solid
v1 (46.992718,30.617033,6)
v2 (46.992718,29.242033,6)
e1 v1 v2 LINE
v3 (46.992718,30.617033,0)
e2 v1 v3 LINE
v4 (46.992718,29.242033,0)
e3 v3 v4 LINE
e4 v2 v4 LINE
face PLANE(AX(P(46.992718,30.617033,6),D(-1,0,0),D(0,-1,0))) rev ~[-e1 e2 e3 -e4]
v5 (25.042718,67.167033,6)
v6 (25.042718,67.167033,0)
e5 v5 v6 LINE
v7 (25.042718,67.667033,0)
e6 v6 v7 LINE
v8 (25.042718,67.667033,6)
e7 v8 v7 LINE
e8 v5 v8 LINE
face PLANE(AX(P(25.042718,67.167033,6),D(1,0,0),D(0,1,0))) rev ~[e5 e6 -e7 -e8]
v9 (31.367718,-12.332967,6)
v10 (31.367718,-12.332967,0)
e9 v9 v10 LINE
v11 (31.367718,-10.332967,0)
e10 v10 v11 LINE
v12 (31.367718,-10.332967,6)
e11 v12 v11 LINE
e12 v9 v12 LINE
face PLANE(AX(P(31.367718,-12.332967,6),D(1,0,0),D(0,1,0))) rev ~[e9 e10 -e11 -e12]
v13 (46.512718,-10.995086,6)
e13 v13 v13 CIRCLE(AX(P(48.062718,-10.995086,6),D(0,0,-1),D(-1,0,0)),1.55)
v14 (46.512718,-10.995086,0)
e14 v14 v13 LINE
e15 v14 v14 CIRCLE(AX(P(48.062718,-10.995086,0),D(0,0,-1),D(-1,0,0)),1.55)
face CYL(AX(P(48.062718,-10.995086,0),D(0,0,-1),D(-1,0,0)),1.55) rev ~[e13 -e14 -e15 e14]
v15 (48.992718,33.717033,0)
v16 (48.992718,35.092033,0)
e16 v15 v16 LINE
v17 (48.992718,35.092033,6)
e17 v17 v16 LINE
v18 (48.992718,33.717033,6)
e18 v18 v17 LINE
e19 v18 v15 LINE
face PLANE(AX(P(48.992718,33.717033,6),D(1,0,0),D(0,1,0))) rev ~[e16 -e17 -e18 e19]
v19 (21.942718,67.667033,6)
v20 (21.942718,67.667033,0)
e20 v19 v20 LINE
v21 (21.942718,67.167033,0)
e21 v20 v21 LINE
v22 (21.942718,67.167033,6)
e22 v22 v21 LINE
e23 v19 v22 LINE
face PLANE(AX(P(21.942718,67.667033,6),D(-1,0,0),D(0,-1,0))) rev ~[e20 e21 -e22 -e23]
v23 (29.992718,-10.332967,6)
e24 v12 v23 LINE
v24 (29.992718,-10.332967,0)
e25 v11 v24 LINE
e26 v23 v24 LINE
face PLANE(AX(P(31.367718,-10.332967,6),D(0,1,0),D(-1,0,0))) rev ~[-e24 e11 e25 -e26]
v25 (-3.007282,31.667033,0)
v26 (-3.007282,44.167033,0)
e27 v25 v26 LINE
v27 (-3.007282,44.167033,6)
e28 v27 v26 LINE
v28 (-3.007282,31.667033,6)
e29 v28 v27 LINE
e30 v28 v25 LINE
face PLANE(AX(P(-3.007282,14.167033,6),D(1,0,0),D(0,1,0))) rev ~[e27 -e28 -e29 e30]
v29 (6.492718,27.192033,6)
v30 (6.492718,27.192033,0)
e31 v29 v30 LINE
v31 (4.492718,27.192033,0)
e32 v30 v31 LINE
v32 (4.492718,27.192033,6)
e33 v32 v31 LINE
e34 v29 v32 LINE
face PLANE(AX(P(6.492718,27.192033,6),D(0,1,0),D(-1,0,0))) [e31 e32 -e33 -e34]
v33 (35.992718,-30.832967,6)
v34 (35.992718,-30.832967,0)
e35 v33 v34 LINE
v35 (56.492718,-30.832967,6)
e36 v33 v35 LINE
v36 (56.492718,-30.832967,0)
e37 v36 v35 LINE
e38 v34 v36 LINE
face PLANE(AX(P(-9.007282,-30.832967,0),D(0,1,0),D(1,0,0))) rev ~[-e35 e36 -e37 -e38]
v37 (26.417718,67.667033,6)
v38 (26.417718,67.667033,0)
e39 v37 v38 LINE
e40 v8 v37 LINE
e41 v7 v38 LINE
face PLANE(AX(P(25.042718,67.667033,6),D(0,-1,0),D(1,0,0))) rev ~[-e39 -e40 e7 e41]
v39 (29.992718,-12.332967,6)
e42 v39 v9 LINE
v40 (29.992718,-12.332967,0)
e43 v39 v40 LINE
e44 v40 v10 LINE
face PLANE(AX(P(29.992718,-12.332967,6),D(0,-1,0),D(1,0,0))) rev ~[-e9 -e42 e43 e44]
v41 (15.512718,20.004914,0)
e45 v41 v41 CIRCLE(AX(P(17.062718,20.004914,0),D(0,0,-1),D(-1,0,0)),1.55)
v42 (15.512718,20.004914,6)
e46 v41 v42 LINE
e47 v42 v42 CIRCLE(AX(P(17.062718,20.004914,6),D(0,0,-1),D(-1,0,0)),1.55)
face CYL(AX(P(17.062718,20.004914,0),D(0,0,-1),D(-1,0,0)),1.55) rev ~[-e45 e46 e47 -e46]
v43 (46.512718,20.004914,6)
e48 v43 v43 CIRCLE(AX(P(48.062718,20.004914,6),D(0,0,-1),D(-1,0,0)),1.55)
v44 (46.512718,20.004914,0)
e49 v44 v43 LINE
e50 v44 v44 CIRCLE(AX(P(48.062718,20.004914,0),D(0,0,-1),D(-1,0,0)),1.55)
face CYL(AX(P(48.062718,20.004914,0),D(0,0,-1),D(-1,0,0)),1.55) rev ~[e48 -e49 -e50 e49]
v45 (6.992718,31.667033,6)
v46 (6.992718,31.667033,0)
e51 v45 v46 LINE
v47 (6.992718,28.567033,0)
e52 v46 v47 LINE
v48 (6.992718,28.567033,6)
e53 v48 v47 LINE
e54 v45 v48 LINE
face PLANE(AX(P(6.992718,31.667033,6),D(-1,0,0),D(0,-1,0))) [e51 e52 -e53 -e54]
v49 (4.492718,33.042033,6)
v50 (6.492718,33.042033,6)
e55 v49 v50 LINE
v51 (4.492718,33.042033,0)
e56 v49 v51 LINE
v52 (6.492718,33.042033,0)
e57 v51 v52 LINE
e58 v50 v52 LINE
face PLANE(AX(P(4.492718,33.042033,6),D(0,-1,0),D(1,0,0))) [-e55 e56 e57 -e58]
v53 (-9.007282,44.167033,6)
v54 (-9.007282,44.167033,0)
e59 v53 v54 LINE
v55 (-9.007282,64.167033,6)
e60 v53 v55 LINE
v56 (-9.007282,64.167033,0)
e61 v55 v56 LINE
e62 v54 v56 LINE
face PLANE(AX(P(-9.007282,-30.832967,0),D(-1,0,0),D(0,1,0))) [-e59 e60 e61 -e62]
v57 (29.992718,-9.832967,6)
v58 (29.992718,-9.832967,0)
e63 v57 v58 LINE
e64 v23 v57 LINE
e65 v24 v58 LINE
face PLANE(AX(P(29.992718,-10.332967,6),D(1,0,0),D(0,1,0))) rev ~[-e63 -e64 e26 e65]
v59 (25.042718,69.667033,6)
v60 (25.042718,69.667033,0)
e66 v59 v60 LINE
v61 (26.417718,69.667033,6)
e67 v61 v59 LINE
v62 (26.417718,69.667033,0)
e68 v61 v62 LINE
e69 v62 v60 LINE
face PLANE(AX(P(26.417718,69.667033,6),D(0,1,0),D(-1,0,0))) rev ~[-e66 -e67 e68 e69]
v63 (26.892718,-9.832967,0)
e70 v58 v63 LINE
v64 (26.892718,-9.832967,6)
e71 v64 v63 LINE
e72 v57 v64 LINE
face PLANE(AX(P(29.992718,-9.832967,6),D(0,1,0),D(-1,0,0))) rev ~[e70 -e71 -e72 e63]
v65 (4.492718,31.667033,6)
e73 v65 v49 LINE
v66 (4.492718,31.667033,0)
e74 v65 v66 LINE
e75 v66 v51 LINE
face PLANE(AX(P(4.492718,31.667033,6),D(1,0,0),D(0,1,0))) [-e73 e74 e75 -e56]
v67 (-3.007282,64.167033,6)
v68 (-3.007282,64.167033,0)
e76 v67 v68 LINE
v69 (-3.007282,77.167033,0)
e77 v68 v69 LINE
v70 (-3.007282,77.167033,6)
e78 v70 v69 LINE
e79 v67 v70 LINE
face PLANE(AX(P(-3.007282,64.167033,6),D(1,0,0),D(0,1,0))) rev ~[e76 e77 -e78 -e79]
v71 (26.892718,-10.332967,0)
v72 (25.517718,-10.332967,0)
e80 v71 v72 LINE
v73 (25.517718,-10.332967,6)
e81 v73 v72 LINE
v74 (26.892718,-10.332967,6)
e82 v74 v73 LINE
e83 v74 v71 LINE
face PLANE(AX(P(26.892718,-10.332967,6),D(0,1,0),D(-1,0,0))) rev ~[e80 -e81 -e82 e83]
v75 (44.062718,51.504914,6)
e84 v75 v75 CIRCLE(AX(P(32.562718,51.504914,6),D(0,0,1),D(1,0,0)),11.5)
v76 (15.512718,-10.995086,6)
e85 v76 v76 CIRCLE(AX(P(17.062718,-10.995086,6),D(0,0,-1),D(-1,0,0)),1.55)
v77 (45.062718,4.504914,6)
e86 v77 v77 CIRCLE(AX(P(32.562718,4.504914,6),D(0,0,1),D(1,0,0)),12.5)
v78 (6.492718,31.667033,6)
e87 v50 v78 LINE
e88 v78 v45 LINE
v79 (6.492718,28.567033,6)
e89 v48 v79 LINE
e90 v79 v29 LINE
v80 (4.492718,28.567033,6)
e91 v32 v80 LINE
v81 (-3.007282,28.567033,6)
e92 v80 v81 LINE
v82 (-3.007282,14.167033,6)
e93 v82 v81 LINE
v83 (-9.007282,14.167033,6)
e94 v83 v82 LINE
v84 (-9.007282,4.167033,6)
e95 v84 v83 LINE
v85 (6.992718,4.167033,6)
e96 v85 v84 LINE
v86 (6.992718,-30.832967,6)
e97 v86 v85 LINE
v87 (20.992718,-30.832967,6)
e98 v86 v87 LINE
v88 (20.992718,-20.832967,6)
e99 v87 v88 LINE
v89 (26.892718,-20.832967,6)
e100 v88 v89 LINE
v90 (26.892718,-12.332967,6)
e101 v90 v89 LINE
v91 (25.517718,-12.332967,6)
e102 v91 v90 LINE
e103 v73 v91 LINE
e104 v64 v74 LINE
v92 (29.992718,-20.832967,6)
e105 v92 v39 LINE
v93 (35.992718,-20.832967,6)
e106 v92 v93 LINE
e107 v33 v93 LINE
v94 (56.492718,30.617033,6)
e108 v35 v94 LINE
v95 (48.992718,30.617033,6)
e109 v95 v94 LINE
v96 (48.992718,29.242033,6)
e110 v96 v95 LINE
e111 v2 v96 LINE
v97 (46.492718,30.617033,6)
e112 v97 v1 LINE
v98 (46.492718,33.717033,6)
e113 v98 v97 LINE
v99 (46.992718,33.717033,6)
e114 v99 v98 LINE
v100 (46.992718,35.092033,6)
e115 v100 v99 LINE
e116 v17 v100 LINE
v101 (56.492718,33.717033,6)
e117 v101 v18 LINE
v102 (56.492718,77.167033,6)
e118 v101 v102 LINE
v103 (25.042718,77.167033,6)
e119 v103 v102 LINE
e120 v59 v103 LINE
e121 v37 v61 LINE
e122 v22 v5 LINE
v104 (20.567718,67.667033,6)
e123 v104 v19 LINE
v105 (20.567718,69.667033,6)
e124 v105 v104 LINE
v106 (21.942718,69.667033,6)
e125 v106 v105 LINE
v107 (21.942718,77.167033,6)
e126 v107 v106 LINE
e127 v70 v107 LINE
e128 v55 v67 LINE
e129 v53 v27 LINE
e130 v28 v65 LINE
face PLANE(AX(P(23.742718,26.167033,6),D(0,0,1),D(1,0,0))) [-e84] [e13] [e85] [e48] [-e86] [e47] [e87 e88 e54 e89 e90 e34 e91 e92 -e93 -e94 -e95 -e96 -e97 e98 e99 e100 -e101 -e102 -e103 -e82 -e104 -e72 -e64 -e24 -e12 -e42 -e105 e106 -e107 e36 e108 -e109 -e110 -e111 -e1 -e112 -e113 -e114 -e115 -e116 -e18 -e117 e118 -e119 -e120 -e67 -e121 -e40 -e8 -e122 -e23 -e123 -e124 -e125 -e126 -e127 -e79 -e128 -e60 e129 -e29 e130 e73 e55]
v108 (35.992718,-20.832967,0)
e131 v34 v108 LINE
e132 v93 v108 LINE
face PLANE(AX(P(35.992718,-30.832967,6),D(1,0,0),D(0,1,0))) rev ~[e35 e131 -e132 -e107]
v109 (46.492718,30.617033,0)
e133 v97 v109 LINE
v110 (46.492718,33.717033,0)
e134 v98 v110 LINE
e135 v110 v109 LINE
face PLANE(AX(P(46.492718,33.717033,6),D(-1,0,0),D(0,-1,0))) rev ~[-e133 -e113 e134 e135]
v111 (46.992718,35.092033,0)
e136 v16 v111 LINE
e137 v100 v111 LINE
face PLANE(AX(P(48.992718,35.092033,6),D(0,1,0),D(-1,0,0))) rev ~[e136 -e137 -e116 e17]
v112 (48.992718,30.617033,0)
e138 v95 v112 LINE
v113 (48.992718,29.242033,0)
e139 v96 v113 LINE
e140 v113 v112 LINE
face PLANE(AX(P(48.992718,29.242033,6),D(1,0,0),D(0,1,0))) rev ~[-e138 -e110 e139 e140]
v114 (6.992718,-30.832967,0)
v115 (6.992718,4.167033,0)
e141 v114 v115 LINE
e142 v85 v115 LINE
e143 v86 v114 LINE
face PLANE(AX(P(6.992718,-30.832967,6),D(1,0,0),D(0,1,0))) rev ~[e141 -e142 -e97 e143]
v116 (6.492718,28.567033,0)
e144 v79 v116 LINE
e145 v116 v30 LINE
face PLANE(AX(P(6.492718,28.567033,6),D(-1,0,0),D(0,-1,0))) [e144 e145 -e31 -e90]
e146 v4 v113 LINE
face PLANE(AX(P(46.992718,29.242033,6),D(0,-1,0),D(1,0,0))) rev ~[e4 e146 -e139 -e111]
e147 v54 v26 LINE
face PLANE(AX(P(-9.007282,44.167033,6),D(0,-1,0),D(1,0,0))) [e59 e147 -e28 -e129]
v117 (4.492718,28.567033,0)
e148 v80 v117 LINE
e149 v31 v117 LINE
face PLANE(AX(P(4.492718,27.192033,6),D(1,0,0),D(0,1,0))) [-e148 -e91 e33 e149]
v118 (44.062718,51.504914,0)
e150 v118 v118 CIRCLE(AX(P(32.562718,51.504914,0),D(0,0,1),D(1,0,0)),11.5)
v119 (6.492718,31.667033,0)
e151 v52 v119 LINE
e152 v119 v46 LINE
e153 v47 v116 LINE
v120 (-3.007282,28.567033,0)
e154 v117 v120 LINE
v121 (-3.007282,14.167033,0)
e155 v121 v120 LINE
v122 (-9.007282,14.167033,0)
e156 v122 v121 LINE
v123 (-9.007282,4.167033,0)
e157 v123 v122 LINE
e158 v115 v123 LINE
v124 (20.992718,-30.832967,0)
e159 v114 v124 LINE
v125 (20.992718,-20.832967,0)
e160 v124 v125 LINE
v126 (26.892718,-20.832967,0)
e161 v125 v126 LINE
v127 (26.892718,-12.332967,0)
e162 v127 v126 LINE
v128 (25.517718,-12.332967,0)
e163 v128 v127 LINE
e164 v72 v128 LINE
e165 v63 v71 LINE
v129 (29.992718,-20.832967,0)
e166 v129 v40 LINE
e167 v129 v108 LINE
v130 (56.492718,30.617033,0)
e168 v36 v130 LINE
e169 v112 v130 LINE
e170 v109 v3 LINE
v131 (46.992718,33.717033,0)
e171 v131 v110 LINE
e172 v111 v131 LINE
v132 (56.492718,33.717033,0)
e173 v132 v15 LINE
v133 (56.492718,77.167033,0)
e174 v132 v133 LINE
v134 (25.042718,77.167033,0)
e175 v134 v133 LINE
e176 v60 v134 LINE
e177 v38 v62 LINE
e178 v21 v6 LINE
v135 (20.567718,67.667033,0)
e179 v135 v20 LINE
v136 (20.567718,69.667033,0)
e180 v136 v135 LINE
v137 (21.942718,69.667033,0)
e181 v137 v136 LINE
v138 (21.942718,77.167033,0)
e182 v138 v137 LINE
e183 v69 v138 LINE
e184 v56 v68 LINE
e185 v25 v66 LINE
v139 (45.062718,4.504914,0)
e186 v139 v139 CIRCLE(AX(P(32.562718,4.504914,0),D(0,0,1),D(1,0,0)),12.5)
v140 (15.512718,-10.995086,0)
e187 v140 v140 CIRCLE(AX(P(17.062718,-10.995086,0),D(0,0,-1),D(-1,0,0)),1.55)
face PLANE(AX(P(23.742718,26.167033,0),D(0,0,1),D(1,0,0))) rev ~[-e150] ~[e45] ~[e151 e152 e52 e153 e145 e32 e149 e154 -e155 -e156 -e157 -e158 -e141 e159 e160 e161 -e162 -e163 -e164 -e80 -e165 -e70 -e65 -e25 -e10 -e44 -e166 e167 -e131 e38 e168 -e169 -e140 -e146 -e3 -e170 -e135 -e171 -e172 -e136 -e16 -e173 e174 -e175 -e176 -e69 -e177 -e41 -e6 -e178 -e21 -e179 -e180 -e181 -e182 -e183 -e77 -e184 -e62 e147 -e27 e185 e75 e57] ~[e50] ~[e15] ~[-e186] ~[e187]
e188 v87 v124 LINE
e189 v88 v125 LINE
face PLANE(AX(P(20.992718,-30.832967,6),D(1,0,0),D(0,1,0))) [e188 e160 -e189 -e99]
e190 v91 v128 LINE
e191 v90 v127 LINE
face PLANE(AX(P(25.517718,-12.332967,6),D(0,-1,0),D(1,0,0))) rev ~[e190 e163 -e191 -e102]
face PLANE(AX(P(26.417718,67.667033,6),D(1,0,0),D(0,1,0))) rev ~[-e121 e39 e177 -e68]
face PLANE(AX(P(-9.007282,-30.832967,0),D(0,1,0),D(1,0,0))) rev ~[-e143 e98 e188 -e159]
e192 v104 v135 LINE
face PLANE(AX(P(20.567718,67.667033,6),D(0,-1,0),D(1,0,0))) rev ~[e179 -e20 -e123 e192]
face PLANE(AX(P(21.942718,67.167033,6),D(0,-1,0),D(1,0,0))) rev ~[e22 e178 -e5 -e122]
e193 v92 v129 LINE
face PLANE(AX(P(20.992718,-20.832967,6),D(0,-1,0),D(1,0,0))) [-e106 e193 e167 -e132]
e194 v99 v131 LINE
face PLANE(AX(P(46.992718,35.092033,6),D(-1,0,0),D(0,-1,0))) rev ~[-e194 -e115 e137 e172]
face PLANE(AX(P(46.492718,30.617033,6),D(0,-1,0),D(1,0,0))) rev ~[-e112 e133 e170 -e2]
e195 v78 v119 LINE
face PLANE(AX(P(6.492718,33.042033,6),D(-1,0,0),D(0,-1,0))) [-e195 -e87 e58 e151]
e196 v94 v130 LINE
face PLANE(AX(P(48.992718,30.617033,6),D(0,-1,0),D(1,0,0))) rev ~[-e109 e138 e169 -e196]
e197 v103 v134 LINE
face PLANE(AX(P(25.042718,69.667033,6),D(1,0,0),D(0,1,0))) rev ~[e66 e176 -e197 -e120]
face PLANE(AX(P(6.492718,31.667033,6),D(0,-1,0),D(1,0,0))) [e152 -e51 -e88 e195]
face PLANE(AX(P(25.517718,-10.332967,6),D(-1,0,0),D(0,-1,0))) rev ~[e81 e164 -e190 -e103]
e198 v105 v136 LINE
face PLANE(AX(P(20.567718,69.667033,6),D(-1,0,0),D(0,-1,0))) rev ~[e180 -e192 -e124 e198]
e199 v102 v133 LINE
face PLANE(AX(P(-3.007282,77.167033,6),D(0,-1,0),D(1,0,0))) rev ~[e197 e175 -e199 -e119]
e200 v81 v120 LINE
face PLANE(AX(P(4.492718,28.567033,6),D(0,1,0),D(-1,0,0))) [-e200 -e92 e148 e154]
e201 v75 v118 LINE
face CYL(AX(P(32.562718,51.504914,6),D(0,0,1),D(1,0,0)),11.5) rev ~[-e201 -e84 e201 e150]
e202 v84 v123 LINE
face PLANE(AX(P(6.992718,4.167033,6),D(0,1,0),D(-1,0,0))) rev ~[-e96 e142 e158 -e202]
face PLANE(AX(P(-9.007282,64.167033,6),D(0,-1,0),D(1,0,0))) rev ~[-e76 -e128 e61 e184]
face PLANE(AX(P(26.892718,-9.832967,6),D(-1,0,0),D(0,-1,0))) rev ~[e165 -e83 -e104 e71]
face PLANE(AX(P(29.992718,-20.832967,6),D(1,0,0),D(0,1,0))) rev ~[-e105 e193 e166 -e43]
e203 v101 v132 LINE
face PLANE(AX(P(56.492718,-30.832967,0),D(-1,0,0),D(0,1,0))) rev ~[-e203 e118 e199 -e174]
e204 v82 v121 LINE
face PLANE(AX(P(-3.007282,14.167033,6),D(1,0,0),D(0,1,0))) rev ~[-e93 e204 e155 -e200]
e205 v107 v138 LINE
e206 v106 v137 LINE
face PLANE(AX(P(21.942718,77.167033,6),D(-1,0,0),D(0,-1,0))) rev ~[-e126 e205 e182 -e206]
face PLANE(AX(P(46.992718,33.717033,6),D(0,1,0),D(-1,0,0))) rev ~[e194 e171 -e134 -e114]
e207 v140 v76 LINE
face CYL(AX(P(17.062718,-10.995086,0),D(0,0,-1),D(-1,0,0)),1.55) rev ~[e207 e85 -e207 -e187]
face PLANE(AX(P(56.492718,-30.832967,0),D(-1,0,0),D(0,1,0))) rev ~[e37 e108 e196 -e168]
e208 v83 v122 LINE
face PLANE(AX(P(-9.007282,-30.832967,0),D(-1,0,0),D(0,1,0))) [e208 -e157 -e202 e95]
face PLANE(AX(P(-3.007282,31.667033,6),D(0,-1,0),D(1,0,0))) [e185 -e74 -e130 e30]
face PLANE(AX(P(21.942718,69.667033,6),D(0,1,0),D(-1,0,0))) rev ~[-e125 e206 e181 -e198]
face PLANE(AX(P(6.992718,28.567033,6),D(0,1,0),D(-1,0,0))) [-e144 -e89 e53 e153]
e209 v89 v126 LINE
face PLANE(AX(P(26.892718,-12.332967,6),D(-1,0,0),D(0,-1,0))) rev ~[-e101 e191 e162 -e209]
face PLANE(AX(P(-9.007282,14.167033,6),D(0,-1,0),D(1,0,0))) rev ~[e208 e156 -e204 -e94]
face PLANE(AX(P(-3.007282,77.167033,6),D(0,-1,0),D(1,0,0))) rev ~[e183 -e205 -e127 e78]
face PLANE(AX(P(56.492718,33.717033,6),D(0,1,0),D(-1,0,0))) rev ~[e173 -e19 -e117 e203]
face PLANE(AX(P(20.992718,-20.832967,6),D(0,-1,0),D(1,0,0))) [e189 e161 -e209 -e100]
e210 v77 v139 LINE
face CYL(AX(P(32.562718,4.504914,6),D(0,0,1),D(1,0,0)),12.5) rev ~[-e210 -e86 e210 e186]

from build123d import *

# Parameters (mm, degrees)
SZKIC1_W                    = 65.5
SZKIC1_H                    = 114
DODANIE_WYCI_GNI_CIE1_DEPTH = 6
SZKIC2_R                    = 12.5
WYTNIJ_WYCI_GNI_CIE2_DEPTH  = 6
SZKIC4_R                    = 1.55
WYTNIJ_WYCI_GNI_CIE3_DEPTH  = 6
SZKIC5_W                    = 15
SZKIC5_H                    = 10
SZKIC5_W_2                  = 6
SZKIC5_H_2                  = 30
WYTNIJ_WYCI_GNI_CIE4_DEPTH  = 6
WYTNIJ_WYCI_GNI_CIE5_DEPTH  = 6
WYTNIJ_WYCI_GNI_CIE6_DEPTH  = 6
SZKIC8_R                    = 11.5
WYTNIJ_WYCI_GNI_CIE7_DEPTH  = 10


with BuildPart() as part:
    # Szkic1 → Dodanie-wyciągnięcie1 (new body)
    with BuildSketch(Plane.XY):
        with Locations((23.742718173, 26.167032616)):
            Rectangle(SZKIC1_W, SZKIC1_H)
    extrude(amount=DODANIE_WYCI_GNI_CIE1_DEPTH)

    # Szkic2 → Wytnij-wyciągnięcie2 (cut)
    with BuildSketch(Plane.XY.offset(6)):
        with Locations((32.562718173, 4.504913836)):
            Circle(SZKIC2_R)
    extrude(amount=-WYTNIJ_WYCI_GNI_CIE2_DEPTH, mode=Mode.SUBTRACT)

    # Szkic4 → Wytnij-wyciągnięcie3 (cut)
    with BuildSketch(Plane(origin=(0, 0, 0), x_dir=(-1, 0, 0), z_dir=(0, 0, -1))):
        with Locations((-17.062718173, -10.995086164)):
            Circle(SZKIC4_R)
        with Locations((-17.062718173, 20.004913836)):
            Circle(SZKIC4_R)
        with Locations((-48.062718173, 20.004913836)):
            Circle(SZKIC4_R)
        with Locations((-48.062718173, -10.995086164)):
            Circle(SZKIC4_R)
    extrude(amount=-WYTNIJ_WYCI_GNI_CIE3_DEPTH, mode=Mode.SUBTRACT)

    # Szkic5 → Wytnij-wyciągnięcie4 (cut)
    with BuildSketch(Plane.XY.offset(6)):
        Polygon((-9.007281827, 4.167032616), (-9.007281827, -30.832967384), (6.992718173, -30.832967384), (6.992718173, 4.167032616), (-3.007281827, 4.167032616), align=None)
        with Locations((28.492718173, -25.832967384)):
            Rectangle(SZKIC5_W, SZKIC5_H)
        Polygon((56.492718173, 77.167032616), (56.492718173, 83.167032616), (-9.007281827, 83.167032616), (-9.007281827, 64.167032616), (-3.007281827, 64.167032616), (-3.007281827, 77.167032616), align=None)
        with Locations((-6.007281827, 29.167032616)):
            Rectangle(SZKIC5_W_2, SZKIC5_H_2)
    extrude(amount=-WYTNIJ_WYCI_GNI_CIE4_DEPTH, mode=Mode.SUBTRACT)

    # Szkic6 → Wytnij-wyciągnięcie5 (cut)
    with BuildSketch(Plane.XY.offset(6)):
        Polygon((-3.007281827, 31.667032616), (4.492718173, 31.667032616), (4.492718173, 33.042032616), (6.492718173, 33.042032616), (6.492718173, 31.667032616), (6.992718173, 31.667032616), (6.992718173, 28.567032616), (6.492718173, 28.567032616), (6.492718173, 27.192032616), (4.492718173, 27.192032616), (4.492718173, 28.567032616), (-3.007281827, 28.567032616), align=None)
        Polygon((26.892718173, -20.832967384), (29.992718173, -20.832967384), (29.992718173, -12.332967384), (31.367718173, -12.332967384), (31.367718173, -10.332967384), (29.992718173, -10.332967384), (29.992718173, -9.832967384), (26.892718173, -9.832967384), (26.892718173, -10.332967384), (25.517718173, -10.332967384), (25.517718173, -12.332967384), (26.892718173, -12.332967384), align=None)
    extrude(amount=-WYTNIJ_WYCI_GNI_CIE5_DEPTH, mode=Mode.SUBTRACT)

    # Szkic7 → Wytnij-wyciągnięcie6 (cut)
    with BuildSketch(Plane.XY.offset(6)):
        Polygon((56.492718173, 33.717032616), (48.992718173, 33.717032616), (48.992718173, 35.092032616), (46.992718173, 35.092032616), (46.992718173, 33.717032616), (46.492718173, 33.717032616), (46.492718173, 30.617032616), (46.992718173, 30.617032616), (46.992718173, 29.242032616), (48.992718173, 29.242032616), (48.992718173, 30.617032616), (56.492718173, 30.617032616), align=None)
        Polygon((21.942718173, 69.667032616), (20.567718173, 69.667032616), (20.567718173, 67.667032616), (21.942718173, 67.667032616), (21.942718173, 67.167032616), (25.042718173, 67.167032616), (25.042718173, 67.667032616), (26.417718173, 67.667032616), (26.417718173, 69.667032616), (25.042718173, 69.667032616), (25.042718173, 77.167032616), (21.942718173, 77.167032616), align=None)
    extrude(amount=-WYTNIJ_WYCI_GNI_CIE6_DEPTH, mode=Mode.SUBTRACT)

    # Szkic8 → Wytnij-wyciągnięcie7 (cut)
    with BuildSketch(Plane.XY.offset(6)):
        with Locations((32.562718173, 51.504913836)):
            Circle(SZKIC8_R)
    extrude(amount=-WYTNIJ_WYCI_GNI_CIE7_DEPTH, mode=Mode.SUBTRACT)


solid = part.part
